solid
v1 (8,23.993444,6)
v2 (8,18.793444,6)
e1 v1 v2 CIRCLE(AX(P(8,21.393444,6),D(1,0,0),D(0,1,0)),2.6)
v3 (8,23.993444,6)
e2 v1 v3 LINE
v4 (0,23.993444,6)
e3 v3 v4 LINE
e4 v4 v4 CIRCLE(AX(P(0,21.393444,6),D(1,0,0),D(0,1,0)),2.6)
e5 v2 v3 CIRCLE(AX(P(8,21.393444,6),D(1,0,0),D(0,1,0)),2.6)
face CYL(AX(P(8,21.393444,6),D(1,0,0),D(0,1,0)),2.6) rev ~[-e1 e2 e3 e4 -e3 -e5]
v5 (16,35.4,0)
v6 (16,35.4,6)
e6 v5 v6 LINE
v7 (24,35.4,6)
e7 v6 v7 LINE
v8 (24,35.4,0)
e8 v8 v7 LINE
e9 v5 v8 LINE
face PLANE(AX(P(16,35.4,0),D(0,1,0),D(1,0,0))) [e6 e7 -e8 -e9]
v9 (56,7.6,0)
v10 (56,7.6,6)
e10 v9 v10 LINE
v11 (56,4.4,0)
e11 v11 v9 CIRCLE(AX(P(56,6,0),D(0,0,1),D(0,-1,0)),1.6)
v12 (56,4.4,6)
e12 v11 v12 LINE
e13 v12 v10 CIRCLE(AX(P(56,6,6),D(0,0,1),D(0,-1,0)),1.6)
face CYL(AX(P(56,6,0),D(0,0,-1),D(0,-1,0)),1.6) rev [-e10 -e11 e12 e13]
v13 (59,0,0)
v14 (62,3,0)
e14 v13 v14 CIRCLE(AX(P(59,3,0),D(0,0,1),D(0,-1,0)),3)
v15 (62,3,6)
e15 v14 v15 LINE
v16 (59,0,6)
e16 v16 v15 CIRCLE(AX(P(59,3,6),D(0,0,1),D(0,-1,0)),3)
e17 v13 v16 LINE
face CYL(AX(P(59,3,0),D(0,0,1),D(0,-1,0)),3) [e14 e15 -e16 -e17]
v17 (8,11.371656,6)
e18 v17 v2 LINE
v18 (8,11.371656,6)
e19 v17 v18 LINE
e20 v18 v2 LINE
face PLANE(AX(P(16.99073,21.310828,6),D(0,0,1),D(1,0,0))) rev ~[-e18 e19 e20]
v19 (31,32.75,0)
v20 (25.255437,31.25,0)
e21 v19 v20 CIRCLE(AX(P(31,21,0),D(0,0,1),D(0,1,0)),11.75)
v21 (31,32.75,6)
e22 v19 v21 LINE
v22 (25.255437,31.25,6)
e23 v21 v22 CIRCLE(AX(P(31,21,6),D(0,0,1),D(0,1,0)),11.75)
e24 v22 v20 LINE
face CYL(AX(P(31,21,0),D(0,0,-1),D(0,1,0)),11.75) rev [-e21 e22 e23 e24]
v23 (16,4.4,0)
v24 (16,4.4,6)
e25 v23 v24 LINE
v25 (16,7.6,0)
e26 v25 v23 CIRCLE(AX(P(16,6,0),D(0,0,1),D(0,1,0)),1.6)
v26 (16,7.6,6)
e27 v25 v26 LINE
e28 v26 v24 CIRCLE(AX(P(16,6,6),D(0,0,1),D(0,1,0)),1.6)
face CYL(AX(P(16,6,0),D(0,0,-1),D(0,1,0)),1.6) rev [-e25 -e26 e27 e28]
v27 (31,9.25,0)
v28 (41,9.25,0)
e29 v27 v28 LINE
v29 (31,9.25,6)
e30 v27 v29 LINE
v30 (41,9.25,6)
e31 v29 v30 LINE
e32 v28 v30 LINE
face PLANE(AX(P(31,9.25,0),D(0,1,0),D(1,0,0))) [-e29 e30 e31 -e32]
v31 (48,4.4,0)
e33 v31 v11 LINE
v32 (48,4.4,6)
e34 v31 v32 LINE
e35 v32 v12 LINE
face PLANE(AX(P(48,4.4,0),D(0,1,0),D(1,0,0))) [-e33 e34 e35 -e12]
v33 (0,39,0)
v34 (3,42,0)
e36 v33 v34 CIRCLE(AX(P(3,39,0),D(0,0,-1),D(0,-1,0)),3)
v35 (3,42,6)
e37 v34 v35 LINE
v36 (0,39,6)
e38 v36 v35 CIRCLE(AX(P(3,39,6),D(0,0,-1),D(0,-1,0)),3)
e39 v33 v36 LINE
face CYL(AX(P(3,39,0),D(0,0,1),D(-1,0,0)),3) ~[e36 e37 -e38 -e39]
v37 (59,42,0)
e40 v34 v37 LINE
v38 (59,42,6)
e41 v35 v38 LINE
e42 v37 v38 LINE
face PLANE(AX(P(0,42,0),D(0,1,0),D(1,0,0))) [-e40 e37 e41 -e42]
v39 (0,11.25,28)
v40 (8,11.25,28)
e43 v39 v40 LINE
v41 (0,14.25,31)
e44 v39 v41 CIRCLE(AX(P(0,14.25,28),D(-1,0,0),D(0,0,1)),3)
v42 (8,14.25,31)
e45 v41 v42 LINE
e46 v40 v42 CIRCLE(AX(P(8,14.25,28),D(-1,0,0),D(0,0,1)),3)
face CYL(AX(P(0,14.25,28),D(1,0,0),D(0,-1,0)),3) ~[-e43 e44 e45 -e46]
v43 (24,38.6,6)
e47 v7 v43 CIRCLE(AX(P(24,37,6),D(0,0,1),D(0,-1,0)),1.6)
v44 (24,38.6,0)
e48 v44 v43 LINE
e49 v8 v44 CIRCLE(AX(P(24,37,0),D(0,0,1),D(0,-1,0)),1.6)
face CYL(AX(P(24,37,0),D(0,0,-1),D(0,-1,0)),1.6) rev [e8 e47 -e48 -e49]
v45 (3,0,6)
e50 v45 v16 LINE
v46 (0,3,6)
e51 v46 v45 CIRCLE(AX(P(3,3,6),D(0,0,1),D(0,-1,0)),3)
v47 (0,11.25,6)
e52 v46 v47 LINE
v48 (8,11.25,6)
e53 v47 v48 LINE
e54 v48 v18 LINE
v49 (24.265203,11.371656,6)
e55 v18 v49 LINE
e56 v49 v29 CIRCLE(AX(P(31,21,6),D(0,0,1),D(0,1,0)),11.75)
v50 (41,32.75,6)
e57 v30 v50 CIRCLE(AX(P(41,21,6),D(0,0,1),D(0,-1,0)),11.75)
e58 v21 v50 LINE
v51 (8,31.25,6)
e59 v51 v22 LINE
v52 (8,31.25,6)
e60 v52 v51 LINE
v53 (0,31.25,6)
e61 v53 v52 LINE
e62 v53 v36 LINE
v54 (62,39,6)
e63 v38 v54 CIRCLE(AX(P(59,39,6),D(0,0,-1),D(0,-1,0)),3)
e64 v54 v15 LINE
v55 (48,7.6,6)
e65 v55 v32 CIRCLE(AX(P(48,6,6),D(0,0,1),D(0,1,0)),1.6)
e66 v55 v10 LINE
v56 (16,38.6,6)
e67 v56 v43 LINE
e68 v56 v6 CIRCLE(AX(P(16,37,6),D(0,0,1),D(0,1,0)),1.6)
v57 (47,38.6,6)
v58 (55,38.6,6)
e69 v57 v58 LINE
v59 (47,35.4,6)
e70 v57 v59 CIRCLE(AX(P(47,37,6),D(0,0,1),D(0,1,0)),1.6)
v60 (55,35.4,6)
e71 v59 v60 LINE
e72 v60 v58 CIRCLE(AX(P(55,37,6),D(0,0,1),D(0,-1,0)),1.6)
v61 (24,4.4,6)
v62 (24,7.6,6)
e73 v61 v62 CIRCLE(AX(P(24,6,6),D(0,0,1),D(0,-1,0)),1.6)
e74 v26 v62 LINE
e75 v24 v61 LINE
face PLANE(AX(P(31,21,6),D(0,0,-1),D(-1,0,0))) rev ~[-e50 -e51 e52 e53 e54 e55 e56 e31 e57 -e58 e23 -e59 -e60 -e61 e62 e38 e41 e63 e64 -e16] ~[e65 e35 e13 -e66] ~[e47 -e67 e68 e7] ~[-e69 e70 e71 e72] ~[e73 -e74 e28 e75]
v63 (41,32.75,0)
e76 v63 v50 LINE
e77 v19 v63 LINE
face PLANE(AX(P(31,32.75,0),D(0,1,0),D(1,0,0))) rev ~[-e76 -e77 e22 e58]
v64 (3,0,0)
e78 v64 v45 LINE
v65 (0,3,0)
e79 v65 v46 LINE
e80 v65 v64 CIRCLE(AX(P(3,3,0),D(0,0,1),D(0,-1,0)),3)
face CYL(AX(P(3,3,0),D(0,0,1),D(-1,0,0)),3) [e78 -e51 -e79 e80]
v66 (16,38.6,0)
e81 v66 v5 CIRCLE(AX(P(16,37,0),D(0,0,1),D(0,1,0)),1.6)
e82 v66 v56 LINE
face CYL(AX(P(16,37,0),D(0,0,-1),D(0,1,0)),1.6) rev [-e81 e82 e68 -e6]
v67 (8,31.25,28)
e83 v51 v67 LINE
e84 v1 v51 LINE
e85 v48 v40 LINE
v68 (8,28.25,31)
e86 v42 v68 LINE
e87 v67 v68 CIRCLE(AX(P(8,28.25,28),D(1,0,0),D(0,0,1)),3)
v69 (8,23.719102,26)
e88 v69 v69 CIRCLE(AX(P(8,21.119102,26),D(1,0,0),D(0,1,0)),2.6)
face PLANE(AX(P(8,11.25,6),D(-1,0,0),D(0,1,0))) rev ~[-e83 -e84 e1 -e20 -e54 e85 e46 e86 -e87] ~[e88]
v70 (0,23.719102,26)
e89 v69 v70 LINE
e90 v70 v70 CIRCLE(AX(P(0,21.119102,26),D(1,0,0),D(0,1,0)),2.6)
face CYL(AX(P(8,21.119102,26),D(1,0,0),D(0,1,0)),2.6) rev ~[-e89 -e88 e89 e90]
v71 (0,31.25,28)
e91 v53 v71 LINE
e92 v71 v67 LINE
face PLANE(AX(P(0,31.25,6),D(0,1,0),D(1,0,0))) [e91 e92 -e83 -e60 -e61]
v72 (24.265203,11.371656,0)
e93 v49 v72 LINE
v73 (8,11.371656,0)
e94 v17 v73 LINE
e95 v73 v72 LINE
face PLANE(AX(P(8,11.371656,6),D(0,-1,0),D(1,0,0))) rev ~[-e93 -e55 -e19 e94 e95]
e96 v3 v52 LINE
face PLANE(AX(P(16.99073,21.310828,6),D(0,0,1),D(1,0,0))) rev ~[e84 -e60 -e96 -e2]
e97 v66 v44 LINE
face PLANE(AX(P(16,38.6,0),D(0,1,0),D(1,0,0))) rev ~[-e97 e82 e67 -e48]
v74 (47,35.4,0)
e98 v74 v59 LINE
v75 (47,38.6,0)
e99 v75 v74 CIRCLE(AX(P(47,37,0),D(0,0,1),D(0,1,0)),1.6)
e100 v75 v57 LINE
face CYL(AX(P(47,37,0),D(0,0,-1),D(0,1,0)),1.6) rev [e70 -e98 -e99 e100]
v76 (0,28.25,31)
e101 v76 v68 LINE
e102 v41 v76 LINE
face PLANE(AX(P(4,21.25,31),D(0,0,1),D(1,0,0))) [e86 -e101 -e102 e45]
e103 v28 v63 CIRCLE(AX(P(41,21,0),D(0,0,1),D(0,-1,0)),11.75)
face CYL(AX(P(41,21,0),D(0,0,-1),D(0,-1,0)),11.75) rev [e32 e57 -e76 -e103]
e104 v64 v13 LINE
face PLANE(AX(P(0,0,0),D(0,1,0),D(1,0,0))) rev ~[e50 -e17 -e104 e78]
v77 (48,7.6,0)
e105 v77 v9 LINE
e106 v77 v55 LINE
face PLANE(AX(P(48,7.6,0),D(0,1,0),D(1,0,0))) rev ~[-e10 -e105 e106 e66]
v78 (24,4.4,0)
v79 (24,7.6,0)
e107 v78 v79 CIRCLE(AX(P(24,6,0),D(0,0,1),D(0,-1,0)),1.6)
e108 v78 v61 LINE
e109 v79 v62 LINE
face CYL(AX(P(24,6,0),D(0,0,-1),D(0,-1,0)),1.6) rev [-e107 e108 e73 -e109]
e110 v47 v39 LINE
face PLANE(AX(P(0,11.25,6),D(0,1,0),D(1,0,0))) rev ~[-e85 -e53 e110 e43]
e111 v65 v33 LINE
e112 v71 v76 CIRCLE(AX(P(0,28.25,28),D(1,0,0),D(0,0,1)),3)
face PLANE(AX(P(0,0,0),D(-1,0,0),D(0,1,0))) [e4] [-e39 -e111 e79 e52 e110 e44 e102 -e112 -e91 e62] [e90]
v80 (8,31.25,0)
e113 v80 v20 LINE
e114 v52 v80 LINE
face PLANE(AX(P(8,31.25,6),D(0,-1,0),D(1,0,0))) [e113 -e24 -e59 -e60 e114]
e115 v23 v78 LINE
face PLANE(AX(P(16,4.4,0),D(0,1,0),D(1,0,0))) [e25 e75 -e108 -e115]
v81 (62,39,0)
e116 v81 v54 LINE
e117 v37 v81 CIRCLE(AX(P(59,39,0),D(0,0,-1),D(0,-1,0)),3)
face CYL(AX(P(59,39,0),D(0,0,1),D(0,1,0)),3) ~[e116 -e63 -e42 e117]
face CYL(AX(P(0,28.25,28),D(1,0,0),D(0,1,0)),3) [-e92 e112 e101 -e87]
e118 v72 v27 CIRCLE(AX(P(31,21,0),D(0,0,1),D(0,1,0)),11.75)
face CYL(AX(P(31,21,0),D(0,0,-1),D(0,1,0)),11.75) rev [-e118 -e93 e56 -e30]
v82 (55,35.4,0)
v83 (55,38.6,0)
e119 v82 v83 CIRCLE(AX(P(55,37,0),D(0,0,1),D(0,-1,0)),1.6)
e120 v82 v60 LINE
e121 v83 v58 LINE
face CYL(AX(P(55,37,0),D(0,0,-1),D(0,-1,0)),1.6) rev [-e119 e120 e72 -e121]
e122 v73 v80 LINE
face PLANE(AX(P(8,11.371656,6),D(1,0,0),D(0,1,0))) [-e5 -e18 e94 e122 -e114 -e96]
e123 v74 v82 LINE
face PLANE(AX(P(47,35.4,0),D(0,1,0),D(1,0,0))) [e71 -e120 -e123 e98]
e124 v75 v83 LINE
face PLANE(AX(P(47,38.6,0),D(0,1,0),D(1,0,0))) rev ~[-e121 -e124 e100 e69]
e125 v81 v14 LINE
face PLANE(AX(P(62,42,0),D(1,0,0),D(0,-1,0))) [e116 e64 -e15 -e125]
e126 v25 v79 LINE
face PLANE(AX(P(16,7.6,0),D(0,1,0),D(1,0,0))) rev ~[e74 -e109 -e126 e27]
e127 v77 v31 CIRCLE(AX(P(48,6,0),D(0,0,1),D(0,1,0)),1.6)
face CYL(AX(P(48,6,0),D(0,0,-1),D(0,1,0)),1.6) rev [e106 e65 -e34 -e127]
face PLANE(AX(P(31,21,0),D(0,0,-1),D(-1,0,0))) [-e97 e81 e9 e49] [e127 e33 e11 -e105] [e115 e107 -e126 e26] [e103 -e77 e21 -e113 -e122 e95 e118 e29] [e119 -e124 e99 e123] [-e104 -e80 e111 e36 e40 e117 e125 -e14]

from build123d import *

# Parameters (mm, degrees)
PAD_DEPTH         = 6
SKETCH001_W       = 8
SKETCH001_H       = 20
PAD001_DEPTH      = 25
PAD001_DEPTH_BACK = 4
SKETCH002_W       = 17.981461
SKETCH002_H       = 19.878344
POCKET_DEPTH      = 6
SKETCH003_R       = 2.6
POCKET001_DEPTH   = 9
FILLET_R          = 3


with BuildPart() as part:
    # Sketch → Pad (new body)
    with BuildSketch(Plane.XY):
        Polygon((62, 42), (62, 0), (10, 0), (0, 0), (0, 42), align=None)
        with BuildLine():
            ThreePointArc((16, 38.6), (14.4, 37), (16, 35.4))
            Line((16, 35.4), (24, 35.4))
            ThreePointArc((24, 35.4), (25.6, 37), (24, 38.6))
            Line((16, 38.6), (24, 38.6))
        make_face(mode=Mode.SUBTRACT)
        with BuildLine():
            Line((47, 38.6), (55, 38.6))
            ThreePointArc((55, 35.4), (56.6, 37), (55, 38.6))
            Line((47, 35.4), (55, 35.4))
            ThreePointArc((47, 38.6), (45.4, 37), (47, 35.4))
        make_face(mode=Mode.SUBTRACT)
        with BuildLine():
            ThreePointArc((16, 7.6), (14.4, 6), (16, 4.4))
            Line((16, 4.4), (24, 4.4))
            ThreePointArc((24, 4.4), (25.6, 6), (24, 7.6))
            Line((16, 7.6), (24, 7.6))
        make_face(mode=Mode.SUBTRACT)
        with BuildLine():
            ThreePointArc((48, 7.6), (46.4, 6), (48, 4.4))
            Line((48, 4.4), (56, 4.4))
            ThreePointArc((56, 4.4), (57.6, 6), (56, 7.6))
            Line((48, 7.6), (56, 7.6))
        make_face(mode=Mode.SUBTRACT)
        with BuildLine():
            ThreePointArc((31, 32.75), (19.25, 21), (31, 9.25))
            Line((31, 9.25), (41, 9.25))
            ThreePointArc((41, 9.25), (52.75, 21), (41, 32.75))
            Line((31, 32.75), (41, 32.75))
        make_face(mode=Mode.SUBTRACT)
    extrude(amount=PAD_DEPTH)

    # Sketch001 (on Face27 of Pad) → Pad001 (join, two sides)
    with BuildSketch(Plane.XY.offset(6)) as pad001_sk:
        with Locations((4, 21.25)):
            Rectangle(SKETCH001_W, SKETCH001_H)
    extrude(amount=PAD001_DEPTH)
    extrude(pad001_sk.sketch, amount=-PAD001_DEPTH_BACK)

    # Sketch002 (on Face5 of Pad001) → Pocket (cut)
    with BuildSketch(Plane.XY.offset(6)):
        with Locations((16.99073, 21.310828)):
            Rectangle(SKETCH002_W, SKETCH002_H)
    extrude(amount=-POCKET_DEPTH, mode=Mode.SUBTRACT)

    # Sketch003 (on Face34 of Pocket) → Pocket001 (cut)
    with BuildSketch(Plane.YZ.offset(8)):
        with Locations((21.119102, 26)):
            Circle(SKETCH003_R)
        with Locations((21.393444, 6)):
            Circle(SKETCH003_R)
    extrude(amount=-POCKET001_DEPTH, mode=Mode.SUBTRACT)

    # Fillet
    fillet_edges = [part.edges().sort_by_distance(p)[0] for p in [
        (0, 0, 3),
        (62, 0, 3),
        (62, 42, 3),
        (0, 42, 3),
        (4, 31.25, 31),
        (4, 11.25, 31),
    ]]
    fillet(fillet_edges, radius=FILLET_R)


solid = part.part
